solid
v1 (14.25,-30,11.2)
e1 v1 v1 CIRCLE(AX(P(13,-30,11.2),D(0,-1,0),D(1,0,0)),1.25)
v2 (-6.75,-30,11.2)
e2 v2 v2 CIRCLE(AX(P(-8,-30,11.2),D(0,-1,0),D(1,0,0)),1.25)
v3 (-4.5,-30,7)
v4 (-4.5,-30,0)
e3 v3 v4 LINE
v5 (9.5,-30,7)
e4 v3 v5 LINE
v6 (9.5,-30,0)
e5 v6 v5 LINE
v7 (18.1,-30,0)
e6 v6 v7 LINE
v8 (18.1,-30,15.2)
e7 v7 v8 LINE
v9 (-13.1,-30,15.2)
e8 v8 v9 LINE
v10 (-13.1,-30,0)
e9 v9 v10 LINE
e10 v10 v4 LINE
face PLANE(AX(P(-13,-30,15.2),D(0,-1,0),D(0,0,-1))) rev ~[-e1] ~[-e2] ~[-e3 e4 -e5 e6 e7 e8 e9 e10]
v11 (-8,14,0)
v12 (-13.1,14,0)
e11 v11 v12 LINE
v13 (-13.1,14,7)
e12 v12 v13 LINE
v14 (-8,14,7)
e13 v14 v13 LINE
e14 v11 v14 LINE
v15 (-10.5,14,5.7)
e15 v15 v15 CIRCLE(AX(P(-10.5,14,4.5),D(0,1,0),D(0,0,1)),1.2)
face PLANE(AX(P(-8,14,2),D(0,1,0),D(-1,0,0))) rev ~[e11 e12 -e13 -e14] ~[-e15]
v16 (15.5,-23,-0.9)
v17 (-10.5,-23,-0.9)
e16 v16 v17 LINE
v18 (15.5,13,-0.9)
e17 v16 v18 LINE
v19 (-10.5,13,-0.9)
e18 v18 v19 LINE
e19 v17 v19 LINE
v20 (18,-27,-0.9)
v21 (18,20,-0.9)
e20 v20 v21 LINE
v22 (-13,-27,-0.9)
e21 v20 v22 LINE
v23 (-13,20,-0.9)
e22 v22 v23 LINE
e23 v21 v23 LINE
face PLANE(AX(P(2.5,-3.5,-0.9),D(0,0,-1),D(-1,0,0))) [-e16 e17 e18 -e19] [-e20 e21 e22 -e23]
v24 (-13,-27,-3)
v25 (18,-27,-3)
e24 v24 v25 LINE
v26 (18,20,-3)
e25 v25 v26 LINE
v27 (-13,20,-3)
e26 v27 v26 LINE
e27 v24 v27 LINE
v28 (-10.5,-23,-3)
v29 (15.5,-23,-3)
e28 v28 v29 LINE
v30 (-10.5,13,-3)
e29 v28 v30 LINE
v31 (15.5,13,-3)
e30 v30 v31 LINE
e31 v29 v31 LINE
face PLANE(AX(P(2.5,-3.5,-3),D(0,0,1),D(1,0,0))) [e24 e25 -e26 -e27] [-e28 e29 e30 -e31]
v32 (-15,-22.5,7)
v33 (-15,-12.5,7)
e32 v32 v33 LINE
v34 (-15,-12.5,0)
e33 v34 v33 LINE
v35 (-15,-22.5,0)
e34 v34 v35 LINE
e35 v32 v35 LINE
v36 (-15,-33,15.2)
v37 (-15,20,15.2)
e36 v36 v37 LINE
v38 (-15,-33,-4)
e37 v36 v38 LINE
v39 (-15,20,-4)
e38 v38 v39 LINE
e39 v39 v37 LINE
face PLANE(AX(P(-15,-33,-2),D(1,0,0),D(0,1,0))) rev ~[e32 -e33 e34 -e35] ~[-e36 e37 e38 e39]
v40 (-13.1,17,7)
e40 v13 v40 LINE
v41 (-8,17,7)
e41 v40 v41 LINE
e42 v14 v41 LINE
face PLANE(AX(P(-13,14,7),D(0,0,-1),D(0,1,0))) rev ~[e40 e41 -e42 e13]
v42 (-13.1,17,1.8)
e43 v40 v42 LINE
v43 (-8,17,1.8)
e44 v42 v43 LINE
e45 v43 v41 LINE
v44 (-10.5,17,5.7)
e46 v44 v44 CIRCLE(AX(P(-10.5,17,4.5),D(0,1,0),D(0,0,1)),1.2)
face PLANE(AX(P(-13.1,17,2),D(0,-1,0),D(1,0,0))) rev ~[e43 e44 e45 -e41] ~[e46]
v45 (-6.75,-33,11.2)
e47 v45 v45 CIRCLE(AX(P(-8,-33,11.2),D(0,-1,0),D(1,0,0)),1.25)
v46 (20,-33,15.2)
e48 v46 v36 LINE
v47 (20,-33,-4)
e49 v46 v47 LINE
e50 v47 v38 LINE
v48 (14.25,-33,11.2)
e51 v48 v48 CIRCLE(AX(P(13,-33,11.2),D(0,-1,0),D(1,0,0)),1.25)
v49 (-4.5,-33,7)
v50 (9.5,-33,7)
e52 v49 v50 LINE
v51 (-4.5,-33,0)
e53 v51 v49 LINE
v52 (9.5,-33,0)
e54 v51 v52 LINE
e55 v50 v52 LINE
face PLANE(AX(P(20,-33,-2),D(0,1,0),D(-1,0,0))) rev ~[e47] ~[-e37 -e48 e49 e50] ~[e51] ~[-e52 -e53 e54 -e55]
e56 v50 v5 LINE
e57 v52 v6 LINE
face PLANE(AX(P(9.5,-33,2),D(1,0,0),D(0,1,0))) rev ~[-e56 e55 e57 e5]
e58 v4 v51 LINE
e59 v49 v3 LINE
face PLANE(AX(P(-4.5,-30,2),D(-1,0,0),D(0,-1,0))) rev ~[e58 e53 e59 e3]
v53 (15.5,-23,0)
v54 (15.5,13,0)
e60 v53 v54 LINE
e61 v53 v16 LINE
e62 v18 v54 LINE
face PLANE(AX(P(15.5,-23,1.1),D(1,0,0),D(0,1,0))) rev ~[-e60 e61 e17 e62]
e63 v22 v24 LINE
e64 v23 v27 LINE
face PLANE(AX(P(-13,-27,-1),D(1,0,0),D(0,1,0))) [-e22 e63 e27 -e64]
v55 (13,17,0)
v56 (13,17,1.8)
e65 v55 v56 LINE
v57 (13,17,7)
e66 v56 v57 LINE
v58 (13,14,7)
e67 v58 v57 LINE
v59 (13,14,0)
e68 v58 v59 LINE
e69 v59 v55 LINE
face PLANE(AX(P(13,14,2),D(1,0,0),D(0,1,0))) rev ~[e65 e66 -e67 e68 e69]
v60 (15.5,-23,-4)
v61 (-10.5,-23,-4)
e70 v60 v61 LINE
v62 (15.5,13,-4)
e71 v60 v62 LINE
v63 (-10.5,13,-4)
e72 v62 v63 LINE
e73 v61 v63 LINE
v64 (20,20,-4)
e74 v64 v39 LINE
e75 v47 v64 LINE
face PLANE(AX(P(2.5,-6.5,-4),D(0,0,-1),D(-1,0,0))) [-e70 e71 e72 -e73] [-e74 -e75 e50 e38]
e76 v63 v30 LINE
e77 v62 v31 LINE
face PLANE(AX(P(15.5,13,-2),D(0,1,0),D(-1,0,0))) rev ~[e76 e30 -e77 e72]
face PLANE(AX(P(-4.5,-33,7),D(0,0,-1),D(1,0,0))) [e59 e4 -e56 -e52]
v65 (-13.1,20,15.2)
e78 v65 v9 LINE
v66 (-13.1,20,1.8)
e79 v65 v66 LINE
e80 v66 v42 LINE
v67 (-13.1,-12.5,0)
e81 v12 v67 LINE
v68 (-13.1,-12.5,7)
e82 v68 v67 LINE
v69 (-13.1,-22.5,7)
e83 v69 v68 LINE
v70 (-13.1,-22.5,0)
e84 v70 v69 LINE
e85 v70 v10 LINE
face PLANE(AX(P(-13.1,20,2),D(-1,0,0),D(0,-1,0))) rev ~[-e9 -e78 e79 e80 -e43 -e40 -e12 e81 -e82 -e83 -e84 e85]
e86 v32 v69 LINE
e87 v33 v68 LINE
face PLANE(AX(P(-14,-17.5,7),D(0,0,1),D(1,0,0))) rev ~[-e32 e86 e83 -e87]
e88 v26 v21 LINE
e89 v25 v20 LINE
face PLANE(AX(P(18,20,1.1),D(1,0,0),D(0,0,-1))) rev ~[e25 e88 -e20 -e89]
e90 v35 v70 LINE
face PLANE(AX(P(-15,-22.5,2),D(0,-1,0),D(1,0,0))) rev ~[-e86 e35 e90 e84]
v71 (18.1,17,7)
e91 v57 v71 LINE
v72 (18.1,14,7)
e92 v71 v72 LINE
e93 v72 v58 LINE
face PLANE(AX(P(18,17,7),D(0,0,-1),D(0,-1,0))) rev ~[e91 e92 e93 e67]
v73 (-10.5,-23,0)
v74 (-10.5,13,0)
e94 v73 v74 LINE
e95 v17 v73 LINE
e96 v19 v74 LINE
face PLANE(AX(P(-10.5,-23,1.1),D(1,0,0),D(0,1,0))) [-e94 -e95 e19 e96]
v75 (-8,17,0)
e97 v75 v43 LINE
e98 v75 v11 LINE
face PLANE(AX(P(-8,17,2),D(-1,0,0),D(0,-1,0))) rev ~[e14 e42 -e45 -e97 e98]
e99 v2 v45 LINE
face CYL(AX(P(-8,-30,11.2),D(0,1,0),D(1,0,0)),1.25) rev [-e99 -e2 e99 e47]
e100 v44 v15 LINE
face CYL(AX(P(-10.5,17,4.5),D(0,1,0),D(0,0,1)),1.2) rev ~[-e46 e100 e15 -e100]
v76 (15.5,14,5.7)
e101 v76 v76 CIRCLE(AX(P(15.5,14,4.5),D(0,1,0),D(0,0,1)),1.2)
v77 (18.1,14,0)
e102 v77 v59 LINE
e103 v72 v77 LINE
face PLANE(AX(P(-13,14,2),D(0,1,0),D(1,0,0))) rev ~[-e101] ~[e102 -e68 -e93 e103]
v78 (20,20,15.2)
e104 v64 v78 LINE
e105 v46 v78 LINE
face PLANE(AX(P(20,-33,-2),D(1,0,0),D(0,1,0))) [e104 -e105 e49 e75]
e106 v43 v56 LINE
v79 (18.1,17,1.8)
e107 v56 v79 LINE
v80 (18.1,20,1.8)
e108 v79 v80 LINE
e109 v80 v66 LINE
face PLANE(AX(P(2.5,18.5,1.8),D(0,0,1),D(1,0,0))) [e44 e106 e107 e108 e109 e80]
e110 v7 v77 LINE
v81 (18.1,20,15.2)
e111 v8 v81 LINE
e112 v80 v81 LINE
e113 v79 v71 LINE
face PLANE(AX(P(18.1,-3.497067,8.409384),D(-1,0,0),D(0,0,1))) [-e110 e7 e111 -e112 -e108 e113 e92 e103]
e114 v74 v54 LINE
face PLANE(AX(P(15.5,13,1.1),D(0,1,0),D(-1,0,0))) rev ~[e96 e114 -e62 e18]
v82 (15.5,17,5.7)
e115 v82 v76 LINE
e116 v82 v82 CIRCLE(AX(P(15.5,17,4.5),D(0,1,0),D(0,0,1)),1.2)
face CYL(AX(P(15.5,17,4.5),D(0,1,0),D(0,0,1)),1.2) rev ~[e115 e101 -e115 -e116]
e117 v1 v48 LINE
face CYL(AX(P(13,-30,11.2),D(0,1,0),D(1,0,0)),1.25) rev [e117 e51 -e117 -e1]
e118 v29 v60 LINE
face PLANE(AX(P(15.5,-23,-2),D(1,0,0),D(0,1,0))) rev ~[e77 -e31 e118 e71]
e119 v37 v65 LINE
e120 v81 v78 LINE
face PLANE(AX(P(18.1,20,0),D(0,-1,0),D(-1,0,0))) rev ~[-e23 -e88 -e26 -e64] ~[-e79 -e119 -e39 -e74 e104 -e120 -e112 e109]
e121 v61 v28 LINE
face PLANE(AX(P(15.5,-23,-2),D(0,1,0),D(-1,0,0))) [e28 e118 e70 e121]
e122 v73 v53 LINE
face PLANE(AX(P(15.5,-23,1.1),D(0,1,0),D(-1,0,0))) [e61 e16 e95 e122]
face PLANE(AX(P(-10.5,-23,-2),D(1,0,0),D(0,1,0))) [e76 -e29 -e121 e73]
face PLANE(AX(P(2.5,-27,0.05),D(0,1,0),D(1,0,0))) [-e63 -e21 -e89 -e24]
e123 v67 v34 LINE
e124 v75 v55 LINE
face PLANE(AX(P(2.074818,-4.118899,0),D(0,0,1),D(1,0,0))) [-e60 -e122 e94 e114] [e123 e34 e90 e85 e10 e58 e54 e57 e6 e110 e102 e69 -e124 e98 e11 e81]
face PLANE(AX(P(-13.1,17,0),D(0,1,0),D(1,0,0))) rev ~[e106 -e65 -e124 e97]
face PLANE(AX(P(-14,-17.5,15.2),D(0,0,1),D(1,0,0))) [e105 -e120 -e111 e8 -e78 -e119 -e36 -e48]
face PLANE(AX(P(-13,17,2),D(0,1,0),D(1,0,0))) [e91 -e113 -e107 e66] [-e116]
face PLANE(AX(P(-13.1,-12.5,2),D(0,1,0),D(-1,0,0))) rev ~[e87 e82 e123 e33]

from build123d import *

# Parameters (mm, degrees)
SKETCH_1_W           = 35
SKETCH_1_H           = 53
EXTRUDE_1_DEPTH      = 2
SKETCH_2_W           = 2
SKETCH_2_H           = 53
EXTRUDE_2_DEPTH      = 13.2
SKETCH_3_W           = 31
SKETCH_3_H           = 3
EXTRUDE_3_DEPTH      = 7.2
SKETCH_4_W           = 31
SKETCH_4_H           = 3
EXTRUDE_4_DEPTH      = 13.2
CUT_EXTRUDE_1_REACH  = 57.956
SKETCH_5_R           = 1.25
SKETCH_7_W           = 31
SKETCH_7_H           = 3
CUT_EXTRUDE_2_DEPTH  = 2.2
SKETCH_8_W           = 31
SKETCH_8_H           = 3
CUT_EXTRUDE_3_DEPTH  = 2
SKETCH_10_W          = 11
SKETCH_10_H          = 3
CUT_EXTRUDE_4_DEPTH  = 4
CUT_EXTRUDE_START    = -3
SKETCH_9_R           = 1.25
CUT_EXTRUDE_5_DEPTH  = 3
SKETCH_14_W          = 31
SKETCH_14_H          = 3
CUT_EXTRUDE_8_DEPTH  = 5
SKETCH_15_W          = 35
SKETCH_15_H          = 53
SKETCH_15_W_2        = 26
SKETCH_15_H_2        = 36
EXTRUDE_5_DEPTH      = 1
SKETCH_15_3_W        = 26
SKETCH_15_3_H        = 36
CUT_EXTRUDE_9_DEPTH  = 2
SKETCH_15_4_W        = 35
SKETCH_15_4_H        = 53
SKETCH_15_4_W_2      = 26
SKETCH_15_4_H_2      = 36
EXTRUDE_6_DEPTH      = 1
SKETCH_14_2_W        = 31
SKETCH_14_2_H        = 3
CUT_EXTRUDE_10_DEPTH = 7.2
SKETCH_21_W          = 31
SKETCH_21_H          = 3
CUT_EXTRUDE_11_DEPTH = 4
SKETCH_9_6_W         = 31
SKETCH_9_6_H         = 4
SKETCH_9_6_R         = 1.25
EXTRUDE_8_DEPTH      = 3
SKETCH_9_7_W         = 31
SKETCH_9_7_H         = 4
SKETCH_9_7_R         = 1.25
CUT_EXTRUDE_12_DEPTH = 3
SKETCH_23_W          = 31
SKETCH_23_H          = 3
EXTRUDE_9_DEPTH      = 2
SKETCH_24_W          = 31
SKETCH_24_H          = 3
CUT_EXTRUDE_13_DEPTH = 7.2
SKETCH_25_R          = 1.2
CUT_EXTRUDE_14_DEPTH = 3
SKETCH_15_5_W        = 35
SKETCH_15_5_H        = 53
SKETCH_15_5_W_2      = 26
SKETCH_15_5_H_2      = 36
EXTRUDE_10_DEPTH     = 2
SKETCH_28_W          = 31
SKETCH_28_H          = 2.1
CUT_EXTRUDE_15_DEPTH = 47
SKETCH_21_2_W        = 31
SKETCH_21_2_H        = 3
CUT_EXTRUDE_16_DEPTH = 6
SKETCH_12_W          = 2
SKETCH_12_H          = 10
CUT_EXTRUDE_17_DEPTH = 13.2
SKETCH_12_2_W        = 2
SKETCH_12_2_H        = 10
EXTRUDE_11_DEPTH     = 8.2
SKETCH_33_W          = 14
SKETCH_33_H          = 5
CUT_EXTRUDE_18_DEPTH = 3
SKETCH_34_W          = 21
SKETCH_34_H          = 3
CUT_EXTRUDE_19_DEPTH = 5
CUT_EXTRUDE_20_DEPTH = 0.1
CUT_EXTRUDE_21_DEPTH = 0.1
SKETCH_38_W          = 31
SKETCH_38_H          = 47
SKETCH_38_W_2        = 26
SKETCH_38_H_2        = 36
EXTRUDE_12_DEPTH     = 2
SKETCH_39_W          = 26
SKETCH_39_H          = 36
CUT_EXTRUDE_22_DEPTH = 2
SKETCH_40_W          = 35
SKETCH_40_H          = 53
SKETCH_40_W_2        = 26
SKETCH_40_H_2        = 36
EXTRUDE_13_DEPTH     = 2
SKETCH_41_W          = 31
SKETCH_41_H          = 47
SKETCH_41_W_2        = 26
SKETCH_41_H_2        = 36
CUT_EXTRUDE_23_DEPTH = 2
EXTRUDE_14_DEPTH     = 1.8


with BuildPart() as part:
    # 草图1 → 凸台-拉伸1 (new body)
    with BuildSketch(Plane.XY):
        with Locations((2.5, -6.5)):
            Rectangle(SKETCH_1_W, SKETCH_1_H)
    extrude(amount=EXTRUDE_1_DEPTH)

    # 草图2 → 凸台-拉伸2 (add)
    with BuildSketch(Plane.XY.offset(2)):
        with Locations((-14, -6.5)):
            Rectangle(SKETCH_2_W, SKETCH_2_H)
        with Locations((19, -6.5)):
            Rectangle(SKETCH_2_W, SKETCH_2_H)
    extrude(amount=EXTRUDE_2_DEPTH)

    # 草图3 → 凸台-拉伸3 (add)
    with BuildSketch(Plane.XY.offset(2)):
        with Locations((2.5, 18.5)):
            Rectangle(SKETCH_3_W, SKETCH_3_H)
        with Locations((2.5, -31.5)):
            Rectangle(SKETCH_3_W, SKETCH_3_H)
    extrude(amount=EXTRUDE_3_DEPTH)

    # 草图4 → 凸台-拉伸4 (add)
    with BuildSketch(Plane.XY.offset(2)):
        with Locations((2.5, 15.5)):
            Rectangle(SKETCH_4_W, SKETCH_4_H)
        with Locations((2.5, -28.5)):
            Rectangle(SKETCH_4_W, SKETCH_4_H)
    extrude(amount=EXTRUDE_4_DEPTH)

    # 草图5 → 切除-拉伸1 (cut, up to next)
    with BuildSketch(Plane(origin=(0, 17, 0), x_dir=(1, 0, 0), z_dir=(0, 1, 0)), mode=Mode.PRIVATE) as cut_extrude_1_sk1:
        with Locations(Location((-8, -11.2, 0), (0, 0, 270))):
            Circle(SKETCH_5_R)
    cut_extrude_1_tool1 = extrude(cut_extrude_1_sk1.sketch, amount=-CUT_EXTRUDE_1_REACH, mode=Mode.PRIVATE) & part.part
    # 草图5 → 切除-拉伸1 (cut, up to next)
    with BuildSketch(Plane(origin=(0, 17, 0), x_dir=(1, 0, 0), z_dir=(0, 1, 0)), mode=Mode.PRIVATE) as cut_extrude_1_sk2:
        with Locations(Location((2.5, -11.2, 0), (0, 0, 270))):
            Circle(SKETCH_5_R)
    cut_extrude_1_tool2 = extrude(cut_extrude_1_sk2.sketch, amount=-CUT_EXTRUDE_1_REACH, mode=Mode.PRIVATE) & part.part
    # 草图5 → 切除-拉伸1 (cut, up to next)
    with BuildSketch(Plane(origin=(0, 17, 0), x_dir=(1, 0, 0), z_dir=(0, 1, 0)), mode=Mode.PRIVATE) as cut_extrude_1_sk3:
        with Locations(Location((13, -11.2, 0), (0, 0, 270))):
            Circle(SKETCH_5_R)
    cut_extrude_1_tool3 = extrude(cut_extrude_1_sk3.sketch, amount=-CUT_EXTRUDE_1_REACH, mode=Mode.PRIVATE) & part.part
    add(cut_extrude_1_tool1.solids().sort_by_distance((-8, 17, 11.2))[0], mode=Mode.SUBTRACT)
    add(cut_extrude_1_tool2.solids().sort_by_distance((2.5, 17, 11.2))[0], mode=Mode.SUBTRACT)
    add(cut_extrude_1_tool3.solids().sort_by_distance((13, 17, 11.2))[0], mode=Mode.SUBTRACT)

    # 草图7 → 切除-拉伸2 (cut)
    with BuildSketch(Plane.XY.offset(15.2)):
        with Locations((2.5, 15.5)):
            Rectangle(SKETCH_7_W, SKETCH_7_H)
    extrude(amount=-CUT_EXTRUDE_2_DEPTH, mode=Mode.SUBTRACT)

    # 草图8 → 切除-拉伸3 (cut)
    with BuildSketch(Plane.XY.offset(15.2)):
        with Locations((2.5, -28.5)):
            Rectangle(SKETCH_8_W, SKETCH_8_H)
    extrude(amount=-CUT_EXTRUDE_3_DEPTH, mode=Mode.SUBTRACT)

    # 草图10 → 切除-拉伸4 (cut)
    with BuildSketch(Plane.XY.offset(13.2)):
        with Locations((2.5, -28.5)):
            Rectangle(SKETCH_10_W, SKETCH_10_H)
    extrude(amount=-CUT_EXTRUDE_4_DEPTH, mode=Mode.SUBTRACT)

    # 草图9 → 切除-拉伸5 (cut)
    with BuildSketch(Plane.XZ.offset(30).offset(CUT_EXTRUDE_START)):
        with Locations(Location((-8, 11.2, 0), (0, 0, 90))):
            Circle(SKETCH_9_R)
        with Locations(Location((13, 11.2, 0), (0, 0, 90))):
            Circle(SKETCH_9_R)
    extrude(amount=CUT_EXTRUDE_5_DEPTH, mode=Mode.SUBTRACT)

    # 草图14 → 切除-拉伸8 (cut)
    with BuildSketch(Plane.XY.offset(9.2)):
        with Locations((2.5, 18.5)):
            Rectangle(SKETCH_14_W, SKETCH_14_H)
    extrude(amount=-CUT_EXTRUDE_8_DEPTH, mode=Mode.SUBTRACT)

    # 草图15 → 凸台-拉伸5 (add)
    with BuildSketch(Plane(origin=(0, 0, 0), x_dir=(-1, 0, 0), z_dir=(0, 0, -1))):
        with Locations((-2.5, -6.5)):
            Rectangle(SKETCH_15_W, SKETCH_15_H)
        with Locations((-2.5, -5)):
            Rectangle(SKETCH_15_W_2, SKETCH_15_H_2, mode=Mode.SUBTRACT)
    extrude(amount=EXTRUDE_5_DEPTH)

    # 草图15<3> → 切除-拉伸9 (cut)
    with BuildSketch(Plane(origin=(0, 0, 0), x_dir=(-1, 0, 0), z_dir=(0, 0, -1))):
        with Locations((-2.5, -5)):
            Rectangle(SKETCH_15_3_W, SKETCH_15_3_H)
    extrude(amount=-CUT_EXTRUDE_9_DEPTH, mode=Mode.SUBTRACT)

    # 草图15<4> → 凸台-拉伸6 (add)
    with BuildSketch(Plane(origin=(0, 0, 0), x_dir=(-1, 0, 0), z_dir=(0, 0, -1))):
        with Locations((-2.5, -6.5)):
            Rectangle(SKETCH_15_4_W, SKETCH_15_4_H)
        with Locations((-2.5, -5)):
            Rectangle(SKETCH_15_4_W_2, SKETCH_15_4_H_2, mode=Mode.SUBTRACT)
    extrude(amount=EXTRUDE_6_DEPTH)

    # 草图14<2> → 切除-拉伸10 (cut)
    with BuildSketch(Plane.XY.offset(9.2)):
        with Locations((2.5, 18.5)):
            Rectangle(SKETCH_14_2_W, SKETCH_14_2_H)
    extrude(amount=-CUT_EXTRUDE_10_DEPTH, mode=Mode.SUBTRACT)

    # 草图21 → 切除-拉伸11 (cut)
    with BuildSketch(Plane.XY.offset(13)):
        with Locations((2.5, 15.5)):
            Rectangle(SKETCH_21_W, SKETCH_21_H)
    extrude(amount=-CUT_EXTRUDE_11_DEPTH, mode=Mode.SUBTRACT)

    # 草图9<6> → 凸台-拉伸8 (add)
    with BuildSketch(Plane.XZ.offset(30)):
        with Locations((2.5, 11.2)):
            Rectangle(SKETCH_9_6_W, SKETCH_9_6_H)
        with Locations((13, 11.2)):
            Circle(SKETCH_9_6_R, mode=Mode.SUBTRACT)
        with Locations((-8, 11.2)):
            Circle(SKETCH_9_6_R, mode=Mode.SUBTRACT)
    extrude(amount=EXTRUDE_8_DEPTH)

    # 草图9<7> → 切除-拉伸12 (cut)
    with BuildSketch(Plane.XZ.offset(30).offset(CUT_EXTRUDE_START)):
        with Locations((2.5, 11.2)):
            Rectangle(SKETCH_9_7_W, SKETCH_9_7_H)
        with Locations(Location((13, 11.2, 0), (0, 0, 270))):
            Circle(SKETCH_9_7_R, mode=Mode.SUBTRACT)
        with Locations(Location((-8, 11.2, 0), (0, 0, 270))):
            Circle(SKETCH_9_7_R, mode=Mode.SUBTRACT)
    extrude(amount=CUT_EXTRUDE_12_DEPTH, mode=Mode.SUBTRACT)

    # 草图23 → 凸台-拉伸9 (add)
    with BuildSketch(Plane.XY.offset(13.2)):
        with Locations((2.5, -31.5)):
            Rectangle(SKETCH_23_W, SKETCH_23_H)
    extrude(amount=EXTRUDE_9_DEPTH)

    # 草图24 → 切除-拉伸13 (cut)
    with BuildSketch(Plane.XY.offset(9.2)):
        with Locations((2.5, -28.5)):
            Rectangle(SKETCH_24_W, SKETCH_24_H)
    extrude(amount=-CUT_EXTRUDE_13_DEPTH, mode=Mode.SUBTRACT)

    # 草图25 → 切除-拉伸14 (cut)
    with BuildSketch(Plane(origin=(0, 17, 0), x_dir=(1, 0, 0), z_dir=(0, 1, 0))):
        with Locations(Location((-10.5, -4.5, 0), (0, 0, 270))):
            Circle(SKETCH_25_R)
        with Locations(Location((15.5, -4.5, 0), (0, 0, 270))):
            Circle(SKETCH_25_R)
    extrude(amount=-CUT_EXTRUDE_14_DEPTH, mode=Mode.SUBTRACT)

    # 草图15<5> → 凸台-拉伸10 (add)
    with BuildSketch(Plane(origin=(0, 0, 0), x_dir=(-1, 0, 0), z_dir=(0, 0, -1))):
        with Locations((-2.5, -6.5)):
            Rectangle(SKETCH_15_5_W, SKETCH_15_5_H)
        with Locations((-2.5, -5)):
            Rectangle(SKETCH_15_5_W_2, SKETCH_15_5_H_2, mode=Mode.SUBTRACT)
    extrude(amount=EXTRUDE_10_DEPTH)

    # 草图28 → 切除-拉伸15 (cut)
    with BuildSketch(Plane(origin=(0, 20, 0), x_dir=(1, 0, 0), z_dir=(0, 1, 0))):
        with Locations((2.5, -0.05)):
            Rectangle(SKETCH_28_W, SKETCH_28_H)
    extrude(amount=-CUT_EXTRUDE_15_DEPTH, mode=Mode.SUBTRACT)

    # 草图21<2> → 切除-拉伸16 (cut)
    with BuildSketch(Plane.XY.offset(13)):
        with Locations((2.5, 15.5)):
            Rectangle(SKETCH_21_2_W, SKETCH_21_2_H)
    extrude(amount=-CUT_EXTRUDE_16_DEPTH, mode=Mode.SUBTRACT)

    # 草图12 → 切除-拉伸17 (cut)
    with BuildSketch(Plane.XY.offset(15.2)):
        with Locations((-14, -17.5)):
            Rectangle(SKETCH_12_W, SKETCH_12_H)
    extrude(amount=-CUT_EXTRUDE_17_DEPTH, mode=Mode.SUBTRACT)

    # 草图12<2> → 凸台-拉伸11 (add)
    with BuildSketch(Plane.XY.offset(15.2)):
        with Locations((-14, -17.5)):
            Rectangle(SKETCH_12_2_W, SKETCH_12_2_H)
    extrude(amount=-EXTRUDE_11_DEPTH)

    # 草图33 → 切除-拉伸18 (cut)
    with BuildSketch(Plane.XZ.offset(33)):
        with Locations((2.5, 4.5)):
            Rectangle(SKETCH_33_W, SKETCH_33_H)
    extrude(amount=-CUT_EXTRUDE_18_DEPTH, mode=Mode.SUBTRACT)

    # 草图34 → 切除-拉伸19 (cut)
    with BuildSketch(Plane.XY.offset(7)):
        with Locations((2.5, 15.5)):
            Rectangle(SKETCH_34_W, SKETCH_34_H)
    extrude(amount=-CUT_EXTRUDE_19_DEPTH, mode=Mode.SUBTRACT)

    # 草图35 → 切除-拉伸20 (cut)
    with BuildSketch(Plane.ZY.offset(-18)):
        Polygon((2, 20), (2, 17), (7, 17), (7, 14), (2, 14), (2, -30), (15.2, -30), (15.2, 20), align=None)
    extrude(amount=-CUT_EXTRUDE_20_DEPTH, mode=Mode.SUBTRACT)

    # 草图36 → 切除-拉伸21 (cut)
    with BuildSketch(Plane(origin=(-13, 0, 0), x_dir=(0, 0, -1), z_dir=(1, 0, 0))):
        Polygon((-15.2, -30), (-2, -30), (-2, -22.5), (-7, -22.5), (-7, -12.5), (-2, -12.5), (-2, 14), (-7, 14), (-7, 17), (-2, 17), (-2, 20), (-15.2, 20), align=None)
    extrude(amount=-CUT_EXTRUDE_21_DEPTH, mode=Mode.SUBTRACT)

    # 草图38 → 凸台-拉伸12 (add)
    with BuildSketch(Plane(origin=(0, 0, 1.1), x_dir=(-1, 0, 0), z_dir=(0, 0, -1))):
        with Locations((-2.5, -3.5)):
            Rectangle(SKETCH_38_W, SKETCH_38_H)
        with Locations((-2.5, -5)):
            Rectangle(SKETCH_38_W_2, SKETCH_38_H_2, mode=Mode.SUBTRACT)
    extrude(amount=EXTRUDE_12_DEPTH)

    # 草图39 → 切除-拉伸22 (cut)
    with BuildSketch(Plane.XY.offset(2)):
        Polygon((-15, -12.5), (-15, -22.5), (-13.1, -22.5), (-13.1, -30), (-4.5, -30), (-4.5, -33), (9.5, -33), (9.5, -30), (18.1, -30), (18.1, 14), (13, 14), (13, 17), (18.1, 17), (18.1, 20), (-13.1, 20), (-13.1, 17), (-8, 17), (-8, 14), (-13.1, 14), (-13.1, -12.5), align=None)
        with Locations((2.5, -5)):
            Rectangle(SKETCH_39_W, SKETCH_39_H, mode=Mode.SUBTRACT)
    extrude(amount=-CUT_EXTRUDE_22_DEPTH, mode=Mode.SUBTRACT)

    # 草图40 → 凸台-拉伸13 (add)
    with BuildSketch(Plane(origin=(0, 0, -2), x_dir=(-1, 0, 0), z_dir=(0, 0, -1))):
        with Locations((-2.5, -6.5)):
            Rectangle(SKETCH_40_W, SKETCH_40_H)
        with Locations((-2.5, -5)):
            Rectangle(SKETCH_40_W_2, SKETCH_40_H_2, mode=Mode.SUBTRACT)
    extrude(amount=EXTRUDE_13_DEPTH)

    # 草图41 → 切除-拉伸23 (cut)
    with BuildSketch(Plane.XY.offset(-1)):
        with Locations((2.5, -3.5)):
            Rectangle(SKETCH_41_W, SKETCH_41_H)
        with Locations((2.5, -5)):
            Rectangle(SKETCH_41_W_2, SKETCH_41_H_2, mode=Mode.SUBTRACT)
    extrude(amount=-CUT_EXTRUDE_23_DEPTH, mode=Mode.SUBTRACT)

    # 草图42 → 凸台-拉伸14 (add)
    with BuildSketch(Plane.XY):
        Polygon((-8, 17), (13, 17), (18.1, 17), (18.1, 20), (-13.1, 20), (-13.1, 17), align=None)
    extrude(amount=EXTRUDE_14_DEPTH)


solid = part.part
